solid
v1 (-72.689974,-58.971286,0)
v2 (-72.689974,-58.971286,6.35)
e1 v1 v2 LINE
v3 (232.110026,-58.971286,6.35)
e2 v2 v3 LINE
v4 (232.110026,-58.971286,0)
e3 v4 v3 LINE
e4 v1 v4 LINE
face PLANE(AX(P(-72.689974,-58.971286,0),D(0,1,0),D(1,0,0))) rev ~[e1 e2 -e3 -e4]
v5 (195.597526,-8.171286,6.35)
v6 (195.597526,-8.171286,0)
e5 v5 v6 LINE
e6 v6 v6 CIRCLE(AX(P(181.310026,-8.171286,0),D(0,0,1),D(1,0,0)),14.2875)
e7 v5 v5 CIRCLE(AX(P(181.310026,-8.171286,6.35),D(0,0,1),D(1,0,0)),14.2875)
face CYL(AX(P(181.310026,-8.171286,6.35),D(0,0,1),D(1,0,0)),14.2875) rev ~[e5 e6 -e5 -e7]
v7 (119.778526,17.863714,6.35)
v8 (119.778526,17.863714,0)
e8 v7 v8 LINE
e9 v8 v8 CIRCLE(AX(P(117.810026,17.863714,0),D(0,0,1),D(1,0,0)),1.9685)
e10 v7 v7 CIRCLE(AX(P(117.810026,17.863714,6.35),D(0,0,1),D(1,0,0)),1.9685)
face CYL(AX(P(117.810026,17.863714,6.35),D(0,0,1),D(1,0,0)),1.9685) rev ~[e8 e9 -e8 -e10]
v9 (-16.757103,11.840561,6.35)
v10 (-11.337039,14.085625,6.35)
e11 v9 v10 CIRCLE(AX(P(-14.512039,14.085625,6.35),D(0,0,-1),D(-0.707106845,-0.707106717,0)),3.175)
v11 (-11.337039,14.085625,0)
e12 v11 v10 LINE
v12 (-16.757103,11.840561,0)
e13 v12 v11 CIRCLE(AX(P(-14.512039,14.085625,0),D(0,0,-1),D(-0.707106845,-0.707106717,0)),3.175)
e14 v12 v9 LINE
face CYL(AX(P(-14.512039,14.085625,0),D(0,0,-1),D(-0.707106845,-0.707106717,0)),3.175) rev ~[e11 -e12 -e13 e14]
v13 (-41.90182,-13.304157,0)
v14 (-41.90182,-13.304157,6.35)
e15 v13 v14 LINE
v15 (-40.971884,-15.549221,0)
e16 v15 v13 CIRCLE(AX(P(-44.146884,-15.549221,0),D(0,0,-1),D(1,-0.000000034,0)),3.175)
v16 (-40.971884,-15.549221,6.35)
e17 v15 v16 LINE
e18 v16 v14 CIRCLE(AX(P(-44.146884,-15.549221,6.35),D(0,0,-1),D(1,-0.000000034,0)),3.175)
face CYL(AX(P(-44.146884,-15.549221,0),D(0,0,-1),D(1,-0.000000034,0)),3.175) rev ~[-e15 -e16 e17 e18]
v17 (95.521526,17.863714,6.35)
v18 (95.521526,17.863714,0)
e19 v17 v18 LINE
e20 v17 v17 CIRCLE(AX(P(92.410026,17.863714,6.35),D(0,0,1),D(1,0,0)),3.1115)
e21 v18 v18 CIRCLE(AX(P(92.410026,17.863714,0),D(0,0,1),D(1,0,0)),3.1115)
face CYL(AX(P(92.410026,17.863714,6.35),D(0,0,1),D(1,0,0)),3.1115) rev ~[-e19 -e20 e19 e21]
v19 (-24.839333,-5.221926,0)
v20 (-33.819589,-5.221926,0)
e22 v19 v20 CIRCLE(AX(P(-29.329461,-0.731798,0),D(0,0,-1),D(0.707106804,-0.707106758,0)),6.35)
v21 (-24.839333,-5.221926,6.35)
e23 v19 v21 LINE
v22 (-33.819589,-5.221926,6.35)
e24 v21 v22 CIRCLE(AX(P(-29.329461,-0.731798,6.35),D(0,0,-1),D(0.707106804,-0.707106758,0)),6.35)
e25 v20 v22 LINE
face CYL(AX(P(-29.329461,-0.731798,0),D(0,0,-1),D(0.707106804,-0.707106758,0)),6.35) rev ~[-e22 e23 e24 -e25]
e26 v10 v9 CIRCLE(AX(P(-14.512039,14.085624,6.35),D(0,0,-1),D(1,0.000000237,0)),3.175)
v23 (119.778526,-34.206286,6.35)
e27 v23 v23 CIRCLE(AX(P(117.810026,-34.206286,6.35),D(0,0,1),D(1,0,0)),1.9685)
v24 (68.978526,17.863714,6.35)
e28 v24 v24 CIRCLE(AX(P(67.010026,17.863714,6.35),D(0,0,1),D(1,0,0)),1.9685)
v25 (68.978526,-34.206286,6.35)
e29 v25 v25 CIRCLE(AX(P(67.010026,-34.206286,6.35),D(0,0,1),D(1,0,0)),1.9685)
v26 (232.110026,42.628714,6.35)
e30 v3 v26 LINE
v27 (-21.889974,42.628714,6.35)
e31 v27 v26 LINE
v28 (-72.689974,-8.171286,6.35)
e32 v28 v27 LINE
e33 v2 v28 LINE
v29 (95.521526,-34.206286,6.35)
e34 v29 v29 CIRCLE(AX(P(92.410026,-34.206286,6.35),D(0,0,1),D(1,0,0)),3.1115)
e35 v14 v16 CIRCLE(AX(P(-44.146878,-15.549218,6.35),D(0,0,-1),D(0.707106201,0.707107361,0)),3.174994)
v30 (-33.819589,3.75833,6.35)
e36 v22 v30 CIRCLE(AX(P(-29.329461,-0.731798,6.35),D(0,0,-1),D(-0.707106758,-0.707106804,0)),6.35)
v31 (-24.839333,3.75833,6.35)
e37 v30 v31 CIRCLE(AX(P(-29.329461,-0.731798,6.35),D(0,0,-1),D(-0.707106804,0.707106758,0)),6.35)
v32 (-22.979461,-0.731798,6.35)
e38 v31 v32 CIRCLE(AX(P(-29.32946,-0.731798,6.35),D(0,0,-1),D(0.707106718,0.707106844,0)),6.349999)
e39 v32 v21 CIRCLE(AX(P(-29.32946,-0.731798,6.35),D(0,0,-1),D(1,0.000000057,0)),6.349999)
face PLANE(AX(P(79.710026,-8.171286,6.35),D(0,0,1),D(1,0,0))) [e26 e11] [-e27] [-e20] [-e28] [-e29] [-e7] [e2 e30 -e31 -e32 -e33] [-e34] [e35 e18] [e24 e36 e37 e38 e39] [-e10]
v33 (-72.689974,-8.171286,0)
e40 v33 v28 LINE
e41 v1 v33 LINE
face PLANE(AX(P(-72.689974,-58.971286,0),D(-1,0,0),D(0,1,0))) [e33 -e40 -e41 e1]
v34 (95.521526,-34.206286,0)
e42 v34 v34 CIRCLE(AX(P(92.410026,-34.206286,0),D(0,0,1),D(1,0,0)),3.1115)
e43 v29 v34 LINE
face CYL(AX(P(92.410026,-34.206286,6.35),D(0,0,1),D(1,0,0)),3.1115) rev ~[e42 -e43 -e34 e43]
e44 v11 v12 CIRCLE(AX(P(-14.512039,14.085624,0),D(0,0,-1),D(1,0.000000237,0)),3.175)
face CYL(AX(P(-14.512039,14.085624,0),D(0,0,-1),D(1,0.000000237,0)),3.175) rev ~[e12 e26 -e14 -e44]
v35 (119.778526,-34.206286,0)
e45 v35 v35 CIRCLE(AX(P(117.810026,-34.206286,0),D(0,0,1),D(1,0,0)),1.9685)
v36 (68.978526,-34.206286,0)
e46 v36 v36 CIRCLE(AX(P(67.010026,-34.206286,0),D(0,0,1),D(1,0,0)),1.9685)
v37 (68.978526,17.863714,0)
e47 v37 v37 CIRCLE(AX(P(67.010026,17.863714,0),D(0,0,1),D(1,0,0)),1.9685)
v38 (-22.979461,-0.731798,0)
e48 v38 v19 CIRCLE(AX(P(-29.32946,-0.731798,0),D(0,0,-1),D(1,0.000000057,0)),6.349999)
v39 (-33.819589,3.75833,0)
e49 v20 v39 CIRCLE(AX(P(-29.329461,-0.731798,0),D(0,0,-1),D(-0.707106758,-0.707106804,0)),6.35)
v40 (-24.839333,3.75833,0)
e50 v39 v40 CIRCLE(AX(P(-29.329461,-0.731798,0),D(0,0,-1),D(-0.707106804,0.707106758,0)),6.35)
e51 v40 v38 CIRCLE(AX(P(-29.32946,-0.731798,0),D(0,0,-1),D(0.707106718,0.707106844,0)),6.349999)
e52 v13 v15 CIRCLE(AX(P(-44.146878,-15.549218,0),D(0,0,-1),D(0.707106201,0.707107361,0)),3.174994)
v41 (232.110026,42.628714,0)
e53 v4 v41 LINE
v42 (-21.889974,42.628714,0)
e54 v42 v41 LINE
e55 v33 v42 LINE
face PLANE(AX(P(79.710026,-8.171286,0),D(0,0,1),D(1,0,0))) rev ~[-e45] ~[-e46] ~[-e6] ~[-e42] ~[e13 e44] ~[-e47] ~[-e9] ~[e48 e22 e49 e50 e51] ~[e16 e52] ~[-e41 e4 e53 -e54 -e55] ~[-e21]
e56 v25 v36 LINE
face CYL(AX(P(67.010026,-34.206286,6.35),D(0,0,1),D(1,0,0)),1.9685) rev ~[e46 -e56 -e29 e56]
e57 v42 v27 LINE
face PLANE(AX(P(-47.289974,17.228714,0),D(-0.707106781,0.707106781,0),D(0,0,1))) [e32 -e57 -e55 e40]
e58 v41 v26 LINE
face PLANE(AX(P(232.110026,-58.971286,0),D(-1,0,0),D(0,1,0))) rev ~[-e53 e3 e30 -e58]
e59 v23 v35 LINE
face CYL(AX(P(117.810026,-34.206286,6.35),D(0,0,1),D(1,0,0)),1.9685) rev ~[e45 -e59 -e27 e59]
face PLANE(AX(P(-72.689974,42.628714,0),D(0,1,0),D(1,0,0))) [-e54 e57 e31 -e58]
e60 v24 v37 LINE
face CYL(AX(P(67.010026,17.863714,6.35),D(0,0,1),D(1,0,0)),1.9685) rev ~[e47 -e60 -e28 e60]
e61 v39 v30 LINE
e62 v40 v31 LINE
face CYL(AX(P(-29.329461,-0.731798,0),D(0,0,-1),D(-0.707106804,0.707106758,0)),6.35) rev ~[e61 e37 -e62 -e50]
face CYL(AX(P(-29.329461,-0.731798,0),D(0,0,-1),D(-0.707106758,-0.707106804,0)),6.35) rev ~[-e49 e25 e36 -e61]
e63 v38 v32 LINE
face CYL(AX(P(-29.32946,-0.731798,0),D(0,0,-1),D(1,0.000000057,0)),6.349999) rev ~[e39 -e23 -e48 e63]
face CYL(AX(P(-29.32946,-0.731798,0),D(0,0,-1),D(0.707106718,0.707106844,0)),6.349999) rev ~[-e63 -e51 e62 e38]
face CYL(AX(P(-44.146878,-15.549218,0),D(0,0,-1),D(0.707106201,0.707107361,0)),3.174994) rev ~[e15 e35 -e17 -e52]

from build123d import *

# Parameters (mm, degrees)
F0_W      = 304.8
F0_H      = 101.6
F1_DEPTH  = 6.35
F3_R      = 14.2875
F4_DEPTH  = 6.35
F5_R      = 3.1115
F9_DEPTH  = 6.35
F6_R      = 3.1115
F10_DEPTH = 6.35
F7_R      = 1.9685
F11_DEPTH = 6.35
F8_R      = 1.9685
F12_DEPTH = 6.35
F15_DEPTH = 6.35
F13_R     = 1.9685
F16_DEPTH = 6.35
F14_R     = 1.9685
F17_DEPTH = 6.35
F18_SIZE  = 50.8
F20_DEPTH = 6.35


with BuildPart() as f1:
    # F0 (on Top) → F1 (new body)
    with BuildSketch(Plane.XY):
        with Locations((79.710026, -8.171286)):
            Rectangle(F0_W, F0_H)
    extrude(amount=F1_DEPTH)

    # F3 (on face) → F4 (cut)
    with BuildSketch(Plane.XY.offset(6.35)):
        with Locations((181.310026, -8.171286)):
            Circle(F3_R)
    extrude(amount=-F4_DEPTH, mode=Mode.SUBTRACT)

    # F5 (on face) → F9 (cut)
    with BuildSketch(Plane.XY.offset(6.35)):
        with Locations((92.410026, 17.863714)):
            Circle(F5_R)
    extrude(amount=-F9_DEPTH, mode=Mode.SUBTRACT)

    # F6 (on face) → F10 (cut)
    with BuildSketch(Plane.XY.offset(6.35)):
        with Locations((92.410026, -34.206286)):
            Circle(F6_R)
    extrude(amount=-F10_DEPTH, mode=Mode.SUBTRACT)

    # F7 (on face) → F11 (cut)
    with BuildSketch(Plane.XY.offset(6.35)):
        with Locations((117.810026, 17.863714)):
            Circle(F7_R)
    extrude(amount=-F11_DEPTH, mode=Mode.SUBTRACT)

    # F8 (on face) → F12 (cut)
    with BuildSketch(Plane.XY.offset(6.35)):
        with Locations((67.010026, 17.863714)):
            Circle(F8_R)
    extrude(amount=-F12_DEPTH, mode=Mode.SUBTRACT)

    # F6 (on face) → F15 (cut)
    with BuildSketch(Plane.XY.offset(6.35)):
        with Locations((92.410026, -34.206286)):
            Circle(F6_R)
    extrude(amount=-F15_DEPTH, mode=Mode.SUBTRACT)

    # F13 (on face) → F16 (cut)
    with BuildSketch(Plane.XY.offset(6.35)):
        with Locations((67.010026, -34.206286)):
            Circle(F13_R)
    extrude(amount=-F16_DEPTH, mode=Mode.SUBTRACT)

    # F14 (on face) → F17 (cut)
    with BuildSketch(Plane.XY.offset(6.35)):
        with Locations((117.810026, -34.206286)):
            Circle(F14_R)
    extrude(amount=-F17_DEPTH, mode=Mode.SUBTRACT)

    # F18
    f18_edges = [f1.edges().sort_by_distance(p)[0] for p in [
        (-72.689974, 42.628714, 3.175),
    ]]
    chamfer(f18_edges, length=F18_SIZE)

    # F19 (on face) → F20 (cut)
    with BuildSketch(Plane(origin=(0, 0, 0), x_dir=(1, 0, 0), z_dir=(0, 0, -1))):
        with BuildLine():
            Line((-33.819589, 5.221926), (-29.329461, 0.731798))
            Line((-29.329461, 0.731798), (-24.839333, 5.221926))
            ThreePointArc((-24.839333, 5.221926), (-29.329461, 7.081798), (-33.819589, 5.221926))
        make_face()
        with BuildLine():
            Line((-24.839333, 5.221926), (-29.329461, 0.731798))
            Line((-29.329461, 0.731798), (-24.839333, -3.75833))
            ThreePointArc((-24.839333, -3.75833), (-23.462826, -1.698242), (-22.979461, 0.731798))
            ThreePointArc((-22.979461, 0.731798), (-23.462826, 3.161838), (-24.839333, 5.221926))
        make_face()
        with BuildLine():
            Line((-29.329461, 0.731798), (-33.819589, -3.75833))
            ThreePointArc((-33.819589, -3.75833), (-29.329461, -5.618202), (-24.839333, -3.75833))
            Line((-24.839333, -3.75833), (-29.329461, 0.731798))
        make_face()
        with BuildLine():
            ThreePointArc((-11.337039, -14.085625), (-13.297019, -11.152307), (-16.757103, -11.840561))
            ThreePointArc((-16.757103, -11.840561), (-15.727059, -17.018942), (-11.337039, -14.085625))
        make_face()
        with BuildLine():
            ThreePointArc((-40.971884, 15.549221), (-47.080201, 16.76424), (-41.90182, 13.304157))
            ThreePointArc((-41.90182, 13.304157), (-41.213566, 14.334201), (-40.971884, 15.549221))
        make_face()
        with BuildLine():
            ThreePointArc((-33.819589, 5.221926), (-35.679461, 0.731798), (-33.819589, -3.75833))
            Line((-33.819589, -3.75833), (-29.329461, 0.731798))
            Line((-29.329461, 0.731798), (-33.819589, 5.221926))
        make_face()
    extrude(amount=-F20_DEPTH, mode=Mode.SUBTRACT)


solid = f1.part
